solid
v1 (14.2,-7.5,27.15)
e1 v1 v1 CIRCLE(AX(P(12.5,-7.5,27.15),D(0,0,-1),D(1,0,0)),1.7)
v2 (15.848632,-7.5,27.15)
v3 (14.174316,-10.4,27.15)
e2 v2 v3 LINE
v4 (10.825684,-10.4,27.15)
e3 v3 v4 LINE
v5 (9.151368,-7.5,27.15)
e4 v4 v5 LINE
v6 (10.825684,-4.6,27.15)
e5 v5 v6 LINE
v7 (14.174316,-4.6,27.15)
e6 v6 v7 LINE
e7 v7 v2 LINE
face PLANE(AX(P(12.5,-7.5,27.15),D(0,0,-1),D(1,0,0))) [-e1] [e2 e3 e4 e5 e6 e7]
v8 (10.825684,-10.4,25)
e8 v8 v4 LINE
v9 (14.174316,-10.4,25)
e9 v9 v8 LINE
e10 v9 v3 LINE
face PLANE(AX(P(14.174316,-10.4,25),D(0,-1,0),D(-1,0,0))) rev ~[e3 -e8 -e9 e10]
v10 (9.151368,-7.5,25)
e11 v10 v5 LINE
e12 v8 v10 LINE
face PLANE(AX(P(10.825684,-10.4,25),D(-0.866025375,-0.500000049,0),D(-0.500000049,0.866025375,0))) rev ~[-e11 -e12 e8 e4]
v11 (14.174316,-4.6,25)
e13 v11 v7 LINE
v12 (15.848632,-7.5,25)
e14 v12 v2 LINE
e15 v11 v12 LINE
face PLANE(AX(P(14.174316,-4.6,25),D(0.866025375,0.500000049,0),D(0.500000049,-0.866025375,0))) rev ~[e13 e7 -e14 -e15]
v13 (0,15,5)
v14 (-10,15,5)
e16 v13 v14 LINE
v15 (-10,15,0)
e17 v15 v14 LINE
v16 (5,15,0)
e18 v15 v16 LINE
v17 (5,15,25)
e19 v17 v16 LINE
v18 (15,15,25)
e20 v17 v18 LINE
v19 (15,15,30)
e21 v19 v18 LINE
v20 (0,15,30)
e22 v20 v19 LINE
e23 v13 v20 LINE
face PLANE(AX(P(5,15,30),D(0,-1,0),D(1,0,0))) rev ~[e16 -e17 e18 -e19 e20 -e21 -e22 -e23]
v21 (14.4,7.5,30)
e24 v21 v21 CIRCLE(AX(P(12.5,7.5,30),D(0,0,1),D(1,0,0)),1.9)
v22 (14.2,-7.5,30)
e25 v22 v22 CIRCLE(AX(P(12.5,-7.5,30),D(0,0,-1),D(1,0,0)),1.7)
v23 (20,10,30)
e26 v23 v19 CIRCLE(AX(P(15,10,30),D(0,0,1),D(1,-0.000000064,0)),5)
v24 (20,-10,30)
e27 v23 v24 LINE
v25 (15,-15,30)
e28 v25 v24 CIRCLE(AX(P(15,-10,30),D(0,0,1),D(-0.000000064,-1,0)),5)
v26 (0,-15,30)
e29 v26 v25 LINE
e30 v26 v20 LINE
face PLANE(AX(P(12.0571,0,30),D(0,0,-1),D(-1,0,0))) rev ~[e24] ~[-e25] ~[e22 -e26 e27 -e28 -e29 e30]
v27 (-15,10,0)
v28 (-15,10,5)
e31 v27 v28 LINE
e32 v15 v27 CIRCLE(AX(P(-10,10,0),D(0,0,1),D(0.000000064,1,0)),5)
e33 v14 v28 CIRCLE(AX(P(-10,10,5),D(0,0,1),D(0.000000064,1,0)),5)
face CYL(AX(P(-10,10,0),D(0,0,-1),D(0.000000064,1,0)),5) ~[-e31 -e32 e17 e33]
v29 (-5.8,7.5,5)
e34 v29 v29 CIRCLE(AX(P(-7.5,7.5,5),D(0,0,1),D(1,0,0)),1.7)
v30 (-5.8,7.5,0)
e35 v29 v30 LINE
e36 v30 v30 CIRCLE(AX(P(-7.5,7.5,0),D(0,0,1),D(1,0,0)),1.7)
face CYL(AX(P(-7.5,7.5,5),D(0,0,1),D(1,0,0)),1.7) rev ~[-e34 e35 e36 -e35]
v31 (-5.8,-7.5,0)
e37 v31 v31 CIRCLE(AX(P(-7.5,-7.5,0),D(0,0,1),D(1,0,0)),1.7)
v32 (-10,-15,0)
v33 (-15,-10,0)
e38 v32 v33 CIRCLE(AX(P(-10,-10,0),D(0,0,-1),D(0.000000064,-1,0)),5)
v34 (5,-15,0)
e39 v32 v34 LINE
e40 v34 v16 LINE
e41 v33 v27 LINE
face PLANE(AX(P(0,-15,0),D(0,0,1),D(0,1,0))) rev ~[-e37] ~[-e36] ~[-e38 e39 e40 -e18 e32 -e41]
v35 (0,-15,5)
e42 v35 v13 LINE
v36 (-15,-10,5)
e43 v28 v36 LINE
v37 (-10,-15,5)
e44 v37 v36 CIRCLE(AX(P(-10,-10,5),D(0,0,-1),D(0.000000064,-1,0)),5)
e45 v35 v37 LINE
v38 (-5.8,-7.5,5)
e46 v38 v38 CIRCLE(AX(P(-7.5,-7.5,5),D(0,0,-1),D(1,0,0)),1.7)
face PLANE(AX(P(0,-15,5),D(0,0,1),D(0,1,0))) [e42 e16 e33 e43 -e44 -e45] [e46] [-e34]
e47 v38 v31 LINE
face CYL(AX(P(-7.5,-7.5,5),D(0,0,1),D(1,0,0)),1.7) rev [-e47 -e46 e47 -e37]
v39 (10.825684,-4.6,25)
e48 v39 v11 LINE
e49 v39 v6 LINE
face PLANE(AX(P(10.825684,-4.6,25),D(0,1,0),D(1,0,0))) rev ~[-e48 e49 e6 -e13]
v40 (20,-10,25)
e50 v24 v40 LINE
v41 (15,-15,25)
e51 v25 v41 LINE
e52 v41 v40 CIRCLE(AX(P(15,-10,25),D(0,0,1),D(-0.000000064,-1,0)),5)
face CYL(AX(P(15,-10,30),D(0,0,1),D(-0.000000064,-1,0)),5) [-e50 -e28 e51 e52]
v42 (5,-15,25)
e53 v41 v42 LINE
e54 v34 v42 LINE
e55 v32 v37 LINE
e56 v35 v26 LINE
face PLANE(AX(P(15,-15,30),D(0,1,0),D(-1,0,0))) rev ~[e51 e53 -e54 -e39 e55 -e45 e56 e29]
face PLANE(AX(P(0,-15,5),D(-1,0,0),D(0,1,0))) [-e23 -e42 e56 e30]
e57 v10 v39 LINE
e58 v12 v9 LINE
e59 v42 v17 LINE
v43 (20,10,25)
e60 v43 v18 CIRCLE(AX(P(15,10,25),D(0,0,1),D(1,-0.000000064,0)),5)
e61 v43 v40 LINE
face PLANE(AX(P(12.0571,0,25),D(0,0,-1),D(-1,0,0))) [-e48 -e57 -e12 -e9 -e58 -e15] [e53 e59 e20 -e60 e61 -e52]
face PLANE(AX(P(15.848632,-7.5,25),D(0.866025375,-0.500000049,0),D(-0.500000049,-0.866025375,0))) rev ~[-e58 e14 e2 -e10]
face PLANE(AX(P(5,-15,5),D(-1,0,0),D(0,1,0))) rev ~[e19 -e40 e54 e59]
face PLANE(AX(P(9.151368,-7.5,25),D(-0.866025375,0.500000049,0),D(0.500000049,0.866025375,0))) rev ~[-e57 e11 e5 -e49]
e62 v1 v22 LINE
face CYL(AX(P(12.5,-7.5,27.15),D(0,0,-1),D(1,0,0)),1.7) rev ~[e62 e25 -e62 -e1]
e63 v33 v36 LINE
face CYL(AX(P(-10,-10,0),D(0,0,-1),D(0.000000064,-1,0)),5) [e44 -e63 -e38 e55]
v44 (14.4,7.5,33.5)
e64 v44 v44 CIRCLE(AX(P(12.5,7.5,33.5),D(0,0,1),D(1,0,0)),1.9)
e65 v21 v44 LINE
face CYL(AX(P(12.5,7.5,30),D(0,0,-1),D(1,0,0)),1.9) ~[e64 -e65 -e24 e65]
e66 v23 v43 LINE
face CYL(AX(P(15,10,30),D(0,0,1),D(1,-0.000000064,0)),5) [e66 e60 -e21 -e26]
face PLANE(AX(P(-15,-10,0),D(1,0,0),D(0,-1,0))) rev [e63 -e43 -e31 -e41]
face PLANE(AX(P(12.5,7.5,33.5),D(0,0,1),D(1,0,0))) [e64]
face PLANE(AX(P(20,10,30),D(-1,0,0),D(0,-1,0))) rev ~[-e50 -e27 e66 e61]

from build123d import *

# Parameters (mm, degrees)
PAD_DEPTH     = 5
SKETCH001_R   = 1.7
HOLE_DEPTH    = 72.8243
SKETCH002_W   = 30
SKETCH002_H   = 5
PAD001_DEPTH  = 5
SKETCH003_W   = 5
SKETCH003_H   = 30
PAD002_DEPTH  = 25
PAD003_DEPTH  = 5
POCKET_DEPTH  = 2.15
SKETCH006_R   = 1.7
HOLE001_DEPTH = 2.851
SKETCH007_R   = 1.9
PAD004_DEPTH  = 3.5


with BuildPart() as part:
    # Sketch → Pad (new body)
    with BuildSketch(Plane.XY):
        with BuildLine():
            Line((-15, 0), (0, 0))
            Line((0, 0), (0, 15))
            Line((0, 15), (-10, 15))
            ThreePointArc((-10, 15), (-13.535534, 13.535534), (-15, 10))
            Line((-15, 10), (-15, 0))
        make_face()
    pad = extrude(amount=PAD_DEPTH)

    # Mirrored: Pad across XZ
    add(pad.mirror(Plane.XZ))

    # Sketch001 (on Face5 of Mirrored) → Hole (cut, through all)
    with BuildSketch(Plane.XY.offset(5)):
        with Locations((-7.5, 7.5)):
            Circle(SKETCH001_R)
    hole = extrude(amount=-HOLE_DEPTH, mode=Mode.SUBTRACT)

    # Mirrored001: Hole across XZ
    add(hole.mirror(Plane.XZ), mode=Mode.SUBTRACT)

    # Sketch002 (on Face2 of Mirrored001) → Pad001 (join)
    with BuildSketch(Plane.YZ):
        with Locations((0, 2.5)):
            Rectangle(SKETCH002_W, SKETCH002_H)
    extrude(amount=PAD001_DEPTH)

    # Sketch003 (on Face12 of Pad001) → Pad002 (join)
    with BuildSketch(Plane.XY.offset(5)):
        with Locations((2.5, 0)):
            Rectangle(SKETCH003_W, SKETCH003_H)
    extrude(amount=PAD002_DEPTH)

    # Sketch004 (on Face16 of Pad002) → Pad003 (join)
    with BuildSketch(Plane.XY.offset(30)):
        with BuildLine():
            Line((5, 15), (15, 15))
            ThreePointArc((20, 10), (18.535534, 13.535534), (15, 15))
            Line((20, 10), (20, -10))
            ThreePointArc((15, -15), (18.535534, -13.535534), (20, -10))
            Line((15, -15), (5, -15))
            Line((5, -15), (5, 15))
        make_face()
    extrude(amount=-PAD003_DEPTH)

    # Sketch005 (on Face23 of Pad003) → Pocket (cut)
    with BuildSketch(Plane(origin=(0, 0, 25), x_dir=(1, 0, 0), z_dir=(0, 0, -1))):
        Polygon((15.848632, 7.5), (14.174316, 10.4), (10.825684, 10.4), (9.151368, 7.5), (10.825684, 4.6), (14.174316, 4.6), align=None)
    extrude(amount=-POCKET_DEPTH, mode=Mode.SUBTRACT)

    # Sketch006 (on Face35 of Pocket) → Hole001 (cut, through all)
    with BuildSketch(Plane(origin=(0, 0, 27.15), x_dir=(1, 0, 0), z_dir=(0, 0, -1))):
        with Locations((12.5, 7.5)):
            Circle(SKETCH006_R)
    extrude(amount=-HOLE001_DEPTH, mode=Mode.SUBTRACT)

    # Sketch007 (on Face25 of Hole001) → Pad004 (join)
    with BuildSketch(Plane.XY.offset(30)):
        with Locations((12.5, 7.5)):
            Circle(SKETCH007_R)
    extrude(amount=PAD004_DEPTH)


solid = part.part
